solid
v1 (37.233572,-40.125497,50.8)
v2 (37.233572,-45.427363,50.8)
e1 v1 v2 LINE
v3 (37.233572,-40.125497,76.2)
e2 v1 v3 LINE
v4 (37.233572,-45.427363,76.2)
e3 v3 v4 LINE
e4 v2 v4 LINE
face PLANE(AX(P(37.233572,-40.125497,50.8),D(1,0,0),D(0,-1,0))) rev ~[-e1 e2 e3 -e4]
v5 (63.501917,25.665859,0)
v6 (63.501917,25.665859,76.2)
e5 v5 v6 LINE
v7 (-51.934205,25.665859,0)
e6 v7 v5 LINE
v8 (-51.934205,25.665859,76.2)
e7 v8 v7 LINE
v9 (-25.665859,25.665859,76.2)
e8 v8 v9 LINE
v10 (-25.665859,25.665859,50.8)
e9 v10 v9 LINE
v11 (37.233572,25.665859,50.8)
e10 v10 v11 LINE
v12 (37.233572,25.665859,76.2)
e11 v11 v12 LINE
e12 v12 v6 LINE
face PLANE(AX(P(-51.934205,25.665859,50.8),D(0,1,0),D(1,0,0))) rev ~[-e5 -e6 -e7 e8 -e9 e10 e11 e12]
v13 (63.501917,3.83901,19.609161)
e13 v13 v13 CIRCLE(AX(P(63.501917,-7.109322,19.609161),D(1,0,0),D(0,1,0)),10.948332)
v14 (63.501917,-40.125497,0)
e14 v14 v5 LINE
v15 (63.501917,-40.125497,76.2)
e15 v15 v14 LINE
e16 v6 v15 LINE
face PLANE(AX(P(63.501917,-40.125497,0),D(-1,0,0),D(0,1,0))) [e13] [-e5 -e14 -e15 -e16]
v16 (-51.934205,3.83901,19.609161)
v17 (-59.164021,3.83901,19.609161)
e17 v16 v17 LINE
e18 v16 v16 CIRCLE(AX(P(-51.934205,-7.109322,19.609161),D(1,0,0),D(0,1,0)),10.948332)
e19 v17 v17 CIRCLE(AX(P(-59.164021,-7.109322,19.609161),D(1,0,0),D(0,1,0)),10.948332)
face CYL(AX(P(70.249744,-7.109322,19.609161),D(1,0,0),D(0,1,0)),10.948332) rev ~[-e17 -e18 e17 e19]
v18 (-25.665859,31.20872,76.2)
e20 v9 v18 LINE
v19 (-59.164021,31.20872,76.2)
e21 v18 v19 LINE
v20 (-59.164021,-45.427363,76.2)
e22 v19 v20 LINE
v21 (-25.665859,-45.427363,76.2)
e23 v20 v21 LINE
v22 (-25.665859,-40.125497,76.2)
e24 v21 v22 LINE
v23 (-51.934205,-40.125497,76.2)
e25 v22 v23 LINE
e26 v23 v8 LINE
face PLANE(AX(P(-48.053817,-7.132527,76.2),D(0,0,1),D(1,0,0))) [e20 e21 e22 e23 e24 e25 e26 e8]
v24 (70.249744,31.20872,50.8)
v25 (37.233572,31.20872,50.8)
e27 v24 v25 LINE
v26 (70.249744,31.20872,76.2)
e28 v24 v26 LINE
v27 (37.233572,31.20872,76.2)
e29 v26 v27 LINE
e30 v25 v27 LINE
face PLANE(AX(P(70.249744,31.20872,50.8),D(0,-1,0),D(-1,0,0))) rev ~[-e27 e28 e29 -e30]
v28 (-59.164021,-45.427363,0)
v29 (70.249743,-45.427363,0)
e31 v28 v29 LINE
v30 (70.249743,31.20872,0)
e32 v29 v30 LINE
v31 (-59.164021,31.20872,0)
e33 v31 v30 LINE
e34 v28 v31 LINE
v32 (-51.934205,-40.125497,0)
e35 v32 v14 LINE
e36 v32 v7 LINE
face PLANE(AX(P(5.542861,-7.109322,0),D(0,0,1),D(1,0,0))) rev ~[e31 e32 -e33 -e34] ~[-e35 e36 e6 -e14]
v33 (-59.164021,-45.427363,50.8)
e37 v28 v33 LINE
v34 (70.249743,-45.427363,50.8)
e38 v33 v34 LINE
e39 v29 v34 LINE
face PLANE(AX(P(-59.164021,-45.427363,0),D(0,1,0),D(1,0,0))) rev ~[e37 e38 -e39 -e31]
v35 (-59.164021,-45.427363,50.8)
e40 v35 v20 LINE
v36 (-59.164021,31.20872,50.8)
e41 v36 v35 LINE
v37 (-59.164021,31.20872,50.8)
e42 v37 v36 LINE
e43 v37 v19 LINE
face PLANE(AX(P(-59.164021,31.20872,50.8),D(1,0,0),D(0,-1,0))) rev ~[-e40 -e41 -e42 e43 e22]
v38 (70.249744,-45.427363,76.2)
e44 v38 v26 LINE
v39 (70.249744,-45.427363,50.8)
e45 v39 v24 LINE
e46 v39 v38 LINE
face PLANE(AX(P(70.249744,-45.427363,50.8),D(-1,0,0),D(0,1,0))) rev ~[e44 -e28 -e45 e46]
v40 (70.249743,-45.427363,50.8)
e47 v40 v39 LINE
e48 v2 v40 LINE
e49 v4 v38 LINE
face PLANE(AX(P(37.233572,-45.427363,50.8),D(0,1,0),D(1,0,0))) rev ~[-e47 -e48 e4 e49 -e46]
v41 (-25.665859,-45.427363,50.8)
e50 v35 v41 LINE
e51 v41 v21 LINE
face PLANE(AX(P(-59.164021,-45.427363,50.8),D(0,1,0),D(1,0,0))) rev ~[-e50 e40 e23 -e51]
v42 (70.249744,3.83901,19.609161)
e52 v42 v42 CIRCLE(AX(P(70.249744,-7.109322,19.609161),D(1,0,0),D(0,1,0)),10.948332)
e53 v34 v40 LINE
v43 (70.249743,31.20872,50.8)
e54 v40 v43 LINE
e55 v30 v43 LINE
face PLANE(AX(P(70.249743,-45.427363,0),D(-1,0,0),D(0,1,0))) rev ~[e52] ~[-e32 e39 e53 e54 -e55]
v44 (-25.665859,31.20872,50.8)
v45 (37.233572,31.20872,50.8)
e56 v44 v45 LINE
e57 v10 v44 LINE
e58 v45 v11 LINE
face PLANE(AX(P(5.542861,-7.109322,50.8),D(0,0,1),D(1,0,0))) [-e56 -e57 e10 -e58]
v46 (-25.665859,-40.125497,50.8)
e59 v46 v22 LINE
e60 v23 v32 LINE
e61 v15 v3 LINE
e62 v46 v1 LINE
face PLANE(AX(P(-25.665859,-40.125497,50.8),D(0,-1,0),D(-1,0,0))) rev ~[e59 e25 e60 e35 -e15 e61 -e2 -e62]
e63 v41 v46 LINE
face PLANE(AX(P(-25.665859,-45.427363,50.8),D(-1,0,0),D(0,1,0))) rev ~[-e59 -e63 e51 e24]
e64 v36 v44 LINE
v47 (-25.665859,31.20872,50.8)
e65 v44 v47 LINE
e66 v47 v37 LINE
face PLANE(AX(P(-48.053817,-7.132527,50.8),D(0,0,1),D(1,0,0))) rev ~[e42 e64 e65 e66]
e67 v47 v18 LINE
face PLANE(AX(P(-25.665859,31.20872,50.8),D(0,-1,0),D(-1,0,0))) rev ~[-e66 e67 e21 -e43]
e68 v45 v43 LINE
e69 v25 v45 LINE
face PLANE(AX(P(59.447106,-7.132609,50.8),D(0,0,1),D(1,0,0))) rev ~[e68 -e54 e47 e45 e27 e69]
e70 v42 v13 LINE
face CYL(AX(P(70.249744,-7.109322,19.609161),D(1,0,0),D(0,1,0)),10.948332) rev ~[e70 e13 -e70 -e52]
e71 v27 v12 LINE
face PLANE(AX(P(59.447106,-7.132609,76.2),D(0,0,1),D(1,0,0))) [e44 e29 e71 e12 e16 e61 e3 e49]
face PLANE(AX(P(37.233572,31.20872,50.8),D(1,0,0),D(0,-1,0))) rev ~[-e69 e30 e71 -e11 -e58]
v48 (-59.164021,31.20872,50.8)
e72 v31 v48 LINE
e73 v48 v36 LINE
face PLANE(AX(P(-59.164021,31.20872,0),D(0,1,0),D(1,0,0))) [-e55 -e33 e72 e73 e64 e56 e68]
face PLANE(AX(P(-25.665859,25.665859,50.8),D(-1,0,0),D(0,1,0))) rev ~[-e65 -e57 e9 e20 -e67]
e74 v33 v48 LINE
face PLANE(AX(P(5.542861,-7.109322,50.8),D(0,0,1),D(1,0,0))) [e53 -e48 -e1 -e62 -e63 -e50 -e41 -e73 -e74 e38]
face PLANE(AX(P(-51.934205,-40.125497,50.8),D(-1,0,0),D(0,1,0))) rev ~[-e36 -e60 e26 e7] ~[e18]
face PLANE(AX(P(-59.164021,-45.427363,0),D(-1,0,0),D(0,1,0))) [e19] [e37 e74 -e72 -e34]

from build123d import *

# Parameters (mm, degrees)
F0_W     = 129.413765
F0_H     = 76.636083
F0_W_2   = 115.436122
F0_H_2   = 65.791356
F1_DEPTH = 50.8
F3_DEPTH = 25.4
F4_R     = 10.948332
F5_DEPTH = 190.246


with BuildPart() as f1:
    # F0 (on Top) → F1 (new body)
    with BuildSketch(Plane.XY):
        with Locations((5.542861, -7.109322)):
            Rectangle(F0_W, F0_H)
        with Locations((5.783856, -7.229819)):
            Rectangle(F0_W_2, F0_H_2, mode=Mode.SUBTRACT)
    extrude(amount=F1_DEPTH)

    # F2 (on face) → F3 (join)
    with BuildSketch(Plane.XY.offset(50.8)):
        Polygon((-25.665859, 25.665859), (-25.665859, 31.20872), (-59.164021, 31.20872), (-59.164021, -45.427363), (-25.665859, -45.427363), (-25.665859, -40.125497), (-51.934205, -40.125497), (-51.934205, 25.665859), align=None)
        Polygon((70.249744, 31.20872), (37.233572, 31.20872), (37.233572, 25.665859), (63.501917, 25.665859), (63.501917, -40.125497), (37.233572, -40.125497), (37.233572, -45.427363), (70.249744, -45.427363), align=None)
    extrude(amount=F3_DEPTH)

    # F4 (on face) → F5 (cut)
    with BuildSketch(Plane.YZ.offset(70.249744)):
        with Locations((-7.109322, 19.609161)):
            Circle(F4_R)
    extrude(amount=-F5_DEPTH, mode=Mode.SUBTRACT)


solid = f1.part
